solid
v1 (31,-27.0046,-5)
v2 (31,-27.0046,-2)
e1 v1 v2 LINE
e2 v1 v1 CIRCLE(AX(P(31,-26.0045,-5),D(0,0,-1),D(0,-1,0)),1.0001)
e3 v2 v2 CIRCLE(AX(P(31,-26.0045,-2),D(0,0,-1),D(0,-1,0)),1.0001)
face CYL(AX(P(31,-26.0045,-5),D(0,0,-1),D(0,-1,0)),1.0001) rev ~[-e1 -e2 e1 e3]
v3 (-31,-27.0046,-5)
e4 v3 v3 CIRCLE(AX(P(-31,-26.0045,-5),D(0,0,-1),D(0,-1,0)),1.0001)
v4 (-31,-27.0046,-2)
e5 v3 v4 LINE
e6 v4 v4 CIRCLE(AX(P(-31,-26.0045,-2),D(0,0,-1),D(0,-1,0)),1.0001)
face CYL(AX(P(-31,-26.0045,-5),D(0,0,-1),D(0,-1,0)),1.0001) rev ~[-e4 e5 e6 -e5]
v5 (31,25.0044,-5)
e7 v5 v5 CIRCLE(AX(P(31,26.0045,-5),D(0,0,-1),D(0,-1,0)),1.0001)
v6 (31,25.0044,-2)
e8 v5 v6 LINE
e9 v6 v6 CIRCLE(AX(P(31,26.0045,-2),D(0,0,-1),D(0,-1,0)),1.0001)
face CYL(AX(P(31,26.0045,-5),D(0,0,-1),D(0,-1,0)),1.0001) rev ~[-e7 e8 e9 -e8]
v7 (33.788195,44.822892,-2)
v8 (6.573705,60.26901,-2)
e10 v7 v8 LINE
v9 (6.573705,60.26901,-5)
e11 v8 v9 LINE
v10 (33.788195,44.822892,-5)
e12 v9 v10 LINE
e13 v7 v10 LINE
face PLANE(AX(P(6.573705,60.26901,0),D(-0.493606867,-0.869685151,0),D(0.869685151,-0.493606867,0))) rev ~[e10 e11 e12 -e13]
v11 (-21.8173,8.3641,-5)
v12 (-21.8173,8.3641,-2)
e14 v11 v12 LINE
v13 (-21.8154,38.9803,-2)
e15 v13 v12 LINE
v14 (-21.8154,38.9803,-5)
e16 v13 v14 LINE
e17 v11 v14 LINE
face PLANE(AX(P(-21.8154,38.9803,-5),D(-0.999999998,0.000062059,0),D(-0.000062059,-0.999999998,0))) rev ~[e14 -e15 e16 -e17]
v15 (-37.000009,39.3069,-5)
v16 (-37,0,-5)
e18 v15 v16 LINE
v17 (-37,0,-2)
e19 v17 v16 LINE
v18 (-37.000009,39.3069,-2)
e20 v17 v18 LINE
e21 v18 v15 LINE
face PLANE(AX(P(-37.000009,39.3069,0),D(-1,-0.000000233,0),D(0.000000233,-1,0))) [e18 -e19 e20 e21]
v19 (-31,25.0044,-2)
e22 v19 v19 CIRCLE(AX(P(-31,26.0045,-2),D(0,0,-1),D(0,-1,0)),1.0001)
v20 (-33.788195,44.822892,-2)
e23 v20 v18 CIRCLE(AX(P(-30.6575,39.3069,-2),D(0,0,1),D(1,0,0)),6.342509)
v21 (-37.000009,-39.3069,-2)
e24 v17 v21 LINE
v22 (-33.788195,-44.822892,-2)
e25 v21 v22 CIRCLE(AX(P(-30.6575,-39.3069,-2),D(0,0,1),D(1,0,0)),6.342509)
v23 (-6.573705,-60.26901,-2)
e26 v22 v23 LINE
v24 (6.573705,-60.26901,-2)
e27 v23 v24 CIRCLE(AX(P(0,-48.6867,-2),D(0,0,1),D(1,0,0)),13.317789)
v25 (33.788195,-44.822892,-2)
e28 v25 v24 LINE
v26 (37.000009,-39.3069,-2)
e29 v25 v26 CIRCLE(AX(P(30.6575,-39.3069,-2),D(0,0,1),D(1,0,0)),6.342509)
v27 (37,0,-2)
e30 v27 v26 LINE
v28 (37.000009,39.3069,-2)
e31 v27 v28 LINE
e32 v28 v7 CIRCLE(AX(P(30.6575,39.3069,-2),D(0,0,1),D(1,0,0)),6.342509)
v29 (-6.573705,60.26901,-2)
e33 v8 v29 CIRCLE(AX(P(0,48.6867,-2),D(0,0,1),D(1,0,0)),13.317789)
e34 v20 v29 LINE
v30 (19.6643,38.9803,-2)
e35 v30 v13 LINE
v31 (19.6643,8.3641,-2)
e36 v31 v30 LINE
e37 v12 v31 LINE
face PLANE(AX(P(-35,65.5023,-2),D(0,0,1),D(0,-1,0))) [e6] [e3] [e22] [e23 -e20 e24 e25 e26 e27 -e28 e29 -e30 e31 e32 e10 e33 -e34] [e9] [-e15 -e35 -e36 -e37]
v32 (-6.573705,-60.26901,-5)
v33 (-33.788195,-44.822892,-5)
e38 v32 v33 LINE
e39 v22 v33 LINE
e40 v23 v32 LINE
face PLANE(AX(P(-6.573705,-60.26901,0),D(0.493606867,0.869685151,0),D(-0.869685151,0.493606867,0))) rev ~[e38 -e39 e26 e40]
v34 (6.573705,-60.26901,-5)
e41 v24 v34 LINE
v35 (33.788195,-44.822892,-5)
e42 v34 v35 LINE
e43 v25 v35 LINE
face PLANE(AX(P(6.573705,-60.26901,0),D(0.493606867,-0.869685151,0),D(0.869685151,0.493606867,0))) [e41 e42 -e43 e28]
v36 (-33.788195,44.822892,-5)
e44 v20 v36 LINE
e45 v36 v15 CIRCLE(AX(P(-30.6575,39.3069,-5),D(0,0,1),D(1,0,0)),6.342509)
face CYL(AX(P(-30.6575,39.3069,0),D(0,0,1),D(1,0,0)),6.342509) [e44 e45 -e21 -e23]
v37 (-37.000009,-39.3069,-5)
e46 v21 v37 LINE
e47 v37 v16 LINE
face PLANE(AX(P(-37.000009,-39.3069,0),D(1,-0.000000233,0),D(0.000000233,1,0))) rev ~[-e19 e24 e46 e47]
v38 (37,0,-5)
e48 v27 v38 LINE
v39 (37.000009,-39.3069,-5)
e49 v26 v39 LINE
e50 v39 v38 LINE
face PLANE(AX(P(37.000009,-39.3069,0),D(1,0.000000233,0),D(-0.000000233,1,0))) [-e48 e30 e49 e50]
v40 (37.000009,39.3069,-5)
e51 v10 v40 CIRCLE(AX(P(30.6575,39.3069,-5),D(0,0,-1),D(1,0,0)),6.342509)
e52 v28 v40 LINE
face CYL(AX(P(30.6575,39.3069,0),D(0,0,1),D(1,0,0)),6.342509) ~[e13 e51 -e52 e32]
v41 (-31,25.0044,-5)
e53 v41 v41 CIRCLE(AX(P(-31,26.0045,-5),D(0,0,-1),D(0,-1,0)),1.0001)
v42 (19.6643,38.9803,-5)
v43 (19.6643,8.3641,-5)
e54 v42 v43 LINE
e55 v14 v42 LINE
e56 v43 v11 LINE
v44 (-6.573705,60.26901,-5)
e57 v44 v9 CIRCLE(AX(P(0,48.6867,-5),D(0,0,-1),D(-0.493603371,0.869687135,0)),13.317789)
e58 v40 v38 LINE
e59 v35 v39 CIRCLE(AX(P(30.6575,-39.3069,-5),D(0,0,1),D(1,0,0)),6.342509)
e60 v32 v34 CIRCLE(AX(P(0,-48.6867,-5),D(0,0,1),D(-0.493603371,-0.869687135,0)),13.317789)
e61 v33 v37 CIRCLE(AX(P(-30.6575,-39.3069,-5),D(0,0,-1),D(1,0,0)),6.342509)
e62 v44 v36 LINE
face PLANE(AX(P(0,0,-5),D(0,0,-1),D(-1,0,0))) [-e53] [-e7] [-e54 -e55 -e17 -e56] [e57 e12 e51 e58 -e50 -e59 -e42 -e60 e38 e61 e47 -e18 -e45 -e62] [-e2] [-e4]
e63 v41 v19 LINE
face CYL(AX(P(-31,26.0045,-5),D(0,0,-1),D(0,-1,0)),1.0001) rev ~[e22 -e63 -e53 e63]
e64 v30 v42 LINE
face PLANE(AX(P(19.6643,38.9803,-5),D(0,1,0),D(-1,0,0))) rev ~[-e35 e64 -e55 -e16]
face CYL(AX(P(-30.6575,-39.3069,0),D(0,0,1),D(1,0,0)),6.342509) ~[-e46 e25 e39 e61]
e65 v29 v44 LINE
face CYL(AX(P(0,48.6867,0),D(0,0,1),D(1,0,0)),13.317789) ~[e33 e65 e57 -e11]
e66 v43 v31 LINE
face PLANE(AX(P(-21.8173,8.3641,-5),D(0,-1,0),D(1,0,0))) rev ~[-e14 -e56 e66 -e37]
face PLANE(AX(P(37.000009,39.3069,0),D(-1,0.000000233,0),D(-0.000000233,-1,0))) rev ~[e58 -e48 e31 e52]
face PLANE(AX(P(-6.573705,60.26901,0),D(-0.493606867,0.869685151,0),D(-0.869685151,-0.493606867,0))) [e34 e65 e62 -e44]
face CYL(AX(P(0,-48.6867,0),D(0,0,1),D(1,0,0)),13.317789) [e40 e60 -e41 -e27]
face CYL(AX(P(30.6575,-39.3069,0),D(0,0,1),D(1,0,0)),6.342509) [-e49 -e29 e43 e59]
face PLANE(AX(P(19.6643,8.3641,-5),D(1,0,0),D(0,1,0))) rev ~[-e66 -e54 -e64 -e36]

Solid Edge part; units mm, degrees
sketch "Sketch1" plane through (0, 0, 0) normal (0, 0, 1) x (1, 0, 0)
  line L0 (-35, -40) -> (35, -40)
  line L1 (35, -40) -> (35, 40)
  line L2 (35, 40) -> (-35, 40)
  line L3 (-35, 40) -> (-35, -40)
extrude "Protrusion1" add sketch "Sketch1" along normal blind 25
sketch "Sketch2" plane through (0, -40, 12.5) normal (0, -1, 0) x (1, 0, 0)
  line L0 (-24, 8.5) -> (-24, 2.5)
  line L1 (-24, 2.5) -> (0, 2.5)
  line L2 (24, 2.5) -> (0, 2.5)
  line L3 (24, 8.5) -> (24, 2.5)
  line L4 (20, 8.5) -> (24, 8.5)
  line L5 (20, 12.5) -> (20, 8.5)
  line L6 (20, 12.5) -> (0, 12.5)
  line L7 (-20, 12.5) -> (0, 12.5)
  line L8 (-20, 12.5) -> (-20, 8.5)
  line L9 (-20, 8.5) -> (-24, 8.5)
extrude "ExtrudedCutout_1" cut sketch "Sketch2" against normal blind 70
sketch "Sketch3" plane through (35, 0, 12.5) normal (1, 0, 0) x (0, 1, 0)
  line L0 (-17, 12.5) -> (-40, 12.5)
  line L1 (-40, 12.5) -> (-40, 2.5)
  line L2 (-40, 2.5) -> (-29, 2.5)
  line L3 (-29, 2.5) -> (-17, 12.5)
extrude "ExtrudedCutout_2" cut sketch "Sketch3" against normal blind 153.7771
sketch "Sketch4" plane through (0, -5, 15) normal (0, 0, 1) x (1, 0, 0)
  line L0 (-35, -24) -> (-35, -35)
  line L1 (-35, -35) -> (-16, -35)
  line L2 (-21, -24) -> (-16, -35)
  line L3 (-35, -24) -> (-21, -24)
  line L4 (21, -24) -> (16, -35)
  line L5 (35, -35) -> (16, -35)
  line L6 (35, -24) -> (35, -35)
  line L7 (21, -24) -> (35, -24)
extrude "ExtrudedCutout_3" cut sketch "Sketch4" against normal blind 32.0943
fillet "Round_1" radius 4 10 edges at (-35, -29, 7.5) (-28, -29, 0) (35, -29, 7.5) (28, -29, 0) (-18.5, -34.5, 0) (18.5, -34.5, 0) (0, -40, 0) (0, -40, 15) (-18.5, -34.5, 15) (18.5, -34.5, 15)
sketch "Sketch5" plane through (0, -3, 15) normal (0, 0, 1) x (1, 0, 0)
  line L0 (0, 22) -> (-14.5, 22)
  line L1 (-14.5, 36.4868) -> (-14.5, 22)
  line L2 (-14.5, 36.4868) -> (14.5, 36.4868)
  line L3 (14.5, 36.4868) -> (14.5, 22)
  line L4 (0, 22) -> (14.5, 22)
extrude "ExtrudedProtrusion_2" add sketch "Sketch5" along normal blind 10
sketch "Sketch6" plane through (0, 19, 20) normal (0, -1, 0) x (1, 0, 0)
  line L0 (-4.5, 4) -> (-4.5, -5)
  line L1 (-4.5, -5) -> (-3.5, -5)
  line L2 (-3.5, -5) -> (-3.5, 4)
  line L3 (-3.5, 4) -> (-4.5, 4)
  line L4 (-12.5, 4) -> (-12.5, -5)
  line L5 (-11.5, -5) -> (-12.5, -5)
  line L6 (-11.5, 4) -> (-11.5, -5)
  line L7 (-12.5, 4) -> (-11.5, 4)
  line L8 (11.5, 4) -> (11.5, -5)
  line L9 (11.5, -5) -> (12.5, -5)
  line L10 (12.5, -5) -> (12.5, 4)
  line L11 (12.5, 4) -> (11.5, 4)
extrude "Cutout1" cut sketch "Sketch6" against normal up to vertex (11 mm away)
sketch "Sketch7" plane through (0, 2, 0) normal (0, 0, -1) x (1, 0, 0)
  line L0 (14.5, -28) -> (-14.5, -28)
  line L1 (-14.5, -28) -> (-14.5, -21.6722)
  line L2 (-14.5, -21.6722) -> (14.5, -21.6722)
  line L3 (14.5, -21.6722) -> (14.5, -28)
extrude "ExtrudedCutout_6" cut sketch "Sketch7" against normal blind 20
sketch "Sketch8" plane through (0, 2, 0) normal (0, 0, -1) x (1, 0, 0)
  line L0 (-6.5737, 62.269) -> (-33.7882, 46.8229)
  arc A0 (-33.7882, 46.8229) -> (-37, 41.3069) centre (-30.6575, 41.3069) ccw
  line L1 (-37, 41.3069) -> (-37, 2)
  line L2 (-37, -37.3069) -> (-37, 2)
  arc A1 (-33.7882, -42.8229) -> (-37, -37.3069) centre (-30.6575, -37.3069) cw
  line L3 (-6.5737, -58.269) -> (-33.7882, -42.8229)
  arc A2 (-6.5737, -58.269) -> (0, -60.0045) centre (0, -46.6867) ccw
  arc A3 (6.5737, -58.269) -> (0, -60.0045) centre (0, -46.6867) cw
  line L4 (6.5737, -58.269) -> (33.7882, -42.8229)
  arc A4 (33.7882, -42.8229) -> (37, -37.3069) centre (30.6575, -37.3069) ccw
  line L5 (37, -37.3069) -> (37, 2)
  line L6 (37, 41.3069) -> (37, 2)
  arc A5 (33.7882, 46.8229) -> (37, 41.3069) centre (30.6575, 41.3069) cw
  line L7 (6.5737, 62.269) -> (33.7882, 46.8229)
  arc A6 (6.5737, 62.269) -> (0, 64.0045) centre (0, 50.6867) ccw
  arc A7 (-6.5737, 62.269) -> (0, 64.0045) centre (0, 50.6867) cw
extrude "ExtrudedProtrusion_3" add sketch "Sketch8" along normal blind 5
sketch "Sketch9" plane through (0, -3, 15) normal (0, 0, 1) x (0, -1, 0)
  line L0 (33, 13) -> (25, 13)
  line L1 (25, 13) -> (25, -13)
  line L2 (25, -13) -> (33, -13)
  line L3 (33, -13) -> (33, 0)
  line L4 (33, 0) -> (33, 13)
extrude "Cutout2" cut sketch "Sketch9" against normal blind 5
fillet "Round_2" radius 4 3 edges at (35, 40, 12.5) (0, 40, 25) (-35, 40, 12.5)
fillet "Round_3" radius 2 12 edges at (-20.181, -52.5459, 0) (-36.1385, -42.4984, 0) (-37, 0, 0) (-36.1385, 42.4984, 0) (-20.181, 52.5459, 0) (0, 62.0045, 0) (20.181, 52.5459, 0) (36.1385, 42.4984, 0) (37, 0, 0) (36.1385, -42.4984, 0) (20.181, -52.5459, 0) (0, -62.0045, 0)
sketch "Sketch10" plane through (0, 0, -5) normal (0, 0, -1) x (0, -1, 0)
  circle A0 centre (-26.0045, 31) radius 1.0001
  circle A1 centre (26.0045, 31) radius 1.0001
  circle A2 centre (-26.0045, -31) radius 1.0001
  circle A3 centre (26.0045, -31) radius 1.0001
extrude "ExtrudedCutout_9" cut sketch "Sketch10" against normal blind 10
sketch "Sketch11" plane through (-35, 5.5, 12.5) normal (-1, 0, 0) x (0, -1, 0)
  line L0 (-60.0023, -4.5) -> (-60.0023, -14.5)
  line L1 (-60.0023, -14.5) -> (90.1927, -14.5)
  line L2 (90.1927, -4.5) -> (90.1927, -14.5)
  line L3 (90.1927, 27.3922) -> (90.1927, -4.5)
  line L4 (-13.5, 27.3922) -> (90.1927, 27.3922)
  line L5 (-13.5, 27.3922) -> (-60.0023, 27.3922)
  line L6 (-60.0023, 27.3922) -> (-60.0023, -4.5)
extrude "Cutout3" cut sketch "Sketch11" along normal mid plane 351.619
sketch "Sketch12" plane through (0, 0, -5) normal (0, 0, -1) x (0, -1, 0)
  line L0 (-38.9803, 21.8154) -> (-8.3641, 21.8173)
  line L1 (-8.3641, 21.8173) -> (-8.3641, -19.6643)
  line L2 (-8.3641, -19.6643) -> (-38.9803, -19.6643)
  line L3 (-38.9803, -19.6643) -> (-38.9803, 21.8154)
extrude "ExtrudedCutout_13" cut sketch "Sketch12" along normal mid plane 51.4806
